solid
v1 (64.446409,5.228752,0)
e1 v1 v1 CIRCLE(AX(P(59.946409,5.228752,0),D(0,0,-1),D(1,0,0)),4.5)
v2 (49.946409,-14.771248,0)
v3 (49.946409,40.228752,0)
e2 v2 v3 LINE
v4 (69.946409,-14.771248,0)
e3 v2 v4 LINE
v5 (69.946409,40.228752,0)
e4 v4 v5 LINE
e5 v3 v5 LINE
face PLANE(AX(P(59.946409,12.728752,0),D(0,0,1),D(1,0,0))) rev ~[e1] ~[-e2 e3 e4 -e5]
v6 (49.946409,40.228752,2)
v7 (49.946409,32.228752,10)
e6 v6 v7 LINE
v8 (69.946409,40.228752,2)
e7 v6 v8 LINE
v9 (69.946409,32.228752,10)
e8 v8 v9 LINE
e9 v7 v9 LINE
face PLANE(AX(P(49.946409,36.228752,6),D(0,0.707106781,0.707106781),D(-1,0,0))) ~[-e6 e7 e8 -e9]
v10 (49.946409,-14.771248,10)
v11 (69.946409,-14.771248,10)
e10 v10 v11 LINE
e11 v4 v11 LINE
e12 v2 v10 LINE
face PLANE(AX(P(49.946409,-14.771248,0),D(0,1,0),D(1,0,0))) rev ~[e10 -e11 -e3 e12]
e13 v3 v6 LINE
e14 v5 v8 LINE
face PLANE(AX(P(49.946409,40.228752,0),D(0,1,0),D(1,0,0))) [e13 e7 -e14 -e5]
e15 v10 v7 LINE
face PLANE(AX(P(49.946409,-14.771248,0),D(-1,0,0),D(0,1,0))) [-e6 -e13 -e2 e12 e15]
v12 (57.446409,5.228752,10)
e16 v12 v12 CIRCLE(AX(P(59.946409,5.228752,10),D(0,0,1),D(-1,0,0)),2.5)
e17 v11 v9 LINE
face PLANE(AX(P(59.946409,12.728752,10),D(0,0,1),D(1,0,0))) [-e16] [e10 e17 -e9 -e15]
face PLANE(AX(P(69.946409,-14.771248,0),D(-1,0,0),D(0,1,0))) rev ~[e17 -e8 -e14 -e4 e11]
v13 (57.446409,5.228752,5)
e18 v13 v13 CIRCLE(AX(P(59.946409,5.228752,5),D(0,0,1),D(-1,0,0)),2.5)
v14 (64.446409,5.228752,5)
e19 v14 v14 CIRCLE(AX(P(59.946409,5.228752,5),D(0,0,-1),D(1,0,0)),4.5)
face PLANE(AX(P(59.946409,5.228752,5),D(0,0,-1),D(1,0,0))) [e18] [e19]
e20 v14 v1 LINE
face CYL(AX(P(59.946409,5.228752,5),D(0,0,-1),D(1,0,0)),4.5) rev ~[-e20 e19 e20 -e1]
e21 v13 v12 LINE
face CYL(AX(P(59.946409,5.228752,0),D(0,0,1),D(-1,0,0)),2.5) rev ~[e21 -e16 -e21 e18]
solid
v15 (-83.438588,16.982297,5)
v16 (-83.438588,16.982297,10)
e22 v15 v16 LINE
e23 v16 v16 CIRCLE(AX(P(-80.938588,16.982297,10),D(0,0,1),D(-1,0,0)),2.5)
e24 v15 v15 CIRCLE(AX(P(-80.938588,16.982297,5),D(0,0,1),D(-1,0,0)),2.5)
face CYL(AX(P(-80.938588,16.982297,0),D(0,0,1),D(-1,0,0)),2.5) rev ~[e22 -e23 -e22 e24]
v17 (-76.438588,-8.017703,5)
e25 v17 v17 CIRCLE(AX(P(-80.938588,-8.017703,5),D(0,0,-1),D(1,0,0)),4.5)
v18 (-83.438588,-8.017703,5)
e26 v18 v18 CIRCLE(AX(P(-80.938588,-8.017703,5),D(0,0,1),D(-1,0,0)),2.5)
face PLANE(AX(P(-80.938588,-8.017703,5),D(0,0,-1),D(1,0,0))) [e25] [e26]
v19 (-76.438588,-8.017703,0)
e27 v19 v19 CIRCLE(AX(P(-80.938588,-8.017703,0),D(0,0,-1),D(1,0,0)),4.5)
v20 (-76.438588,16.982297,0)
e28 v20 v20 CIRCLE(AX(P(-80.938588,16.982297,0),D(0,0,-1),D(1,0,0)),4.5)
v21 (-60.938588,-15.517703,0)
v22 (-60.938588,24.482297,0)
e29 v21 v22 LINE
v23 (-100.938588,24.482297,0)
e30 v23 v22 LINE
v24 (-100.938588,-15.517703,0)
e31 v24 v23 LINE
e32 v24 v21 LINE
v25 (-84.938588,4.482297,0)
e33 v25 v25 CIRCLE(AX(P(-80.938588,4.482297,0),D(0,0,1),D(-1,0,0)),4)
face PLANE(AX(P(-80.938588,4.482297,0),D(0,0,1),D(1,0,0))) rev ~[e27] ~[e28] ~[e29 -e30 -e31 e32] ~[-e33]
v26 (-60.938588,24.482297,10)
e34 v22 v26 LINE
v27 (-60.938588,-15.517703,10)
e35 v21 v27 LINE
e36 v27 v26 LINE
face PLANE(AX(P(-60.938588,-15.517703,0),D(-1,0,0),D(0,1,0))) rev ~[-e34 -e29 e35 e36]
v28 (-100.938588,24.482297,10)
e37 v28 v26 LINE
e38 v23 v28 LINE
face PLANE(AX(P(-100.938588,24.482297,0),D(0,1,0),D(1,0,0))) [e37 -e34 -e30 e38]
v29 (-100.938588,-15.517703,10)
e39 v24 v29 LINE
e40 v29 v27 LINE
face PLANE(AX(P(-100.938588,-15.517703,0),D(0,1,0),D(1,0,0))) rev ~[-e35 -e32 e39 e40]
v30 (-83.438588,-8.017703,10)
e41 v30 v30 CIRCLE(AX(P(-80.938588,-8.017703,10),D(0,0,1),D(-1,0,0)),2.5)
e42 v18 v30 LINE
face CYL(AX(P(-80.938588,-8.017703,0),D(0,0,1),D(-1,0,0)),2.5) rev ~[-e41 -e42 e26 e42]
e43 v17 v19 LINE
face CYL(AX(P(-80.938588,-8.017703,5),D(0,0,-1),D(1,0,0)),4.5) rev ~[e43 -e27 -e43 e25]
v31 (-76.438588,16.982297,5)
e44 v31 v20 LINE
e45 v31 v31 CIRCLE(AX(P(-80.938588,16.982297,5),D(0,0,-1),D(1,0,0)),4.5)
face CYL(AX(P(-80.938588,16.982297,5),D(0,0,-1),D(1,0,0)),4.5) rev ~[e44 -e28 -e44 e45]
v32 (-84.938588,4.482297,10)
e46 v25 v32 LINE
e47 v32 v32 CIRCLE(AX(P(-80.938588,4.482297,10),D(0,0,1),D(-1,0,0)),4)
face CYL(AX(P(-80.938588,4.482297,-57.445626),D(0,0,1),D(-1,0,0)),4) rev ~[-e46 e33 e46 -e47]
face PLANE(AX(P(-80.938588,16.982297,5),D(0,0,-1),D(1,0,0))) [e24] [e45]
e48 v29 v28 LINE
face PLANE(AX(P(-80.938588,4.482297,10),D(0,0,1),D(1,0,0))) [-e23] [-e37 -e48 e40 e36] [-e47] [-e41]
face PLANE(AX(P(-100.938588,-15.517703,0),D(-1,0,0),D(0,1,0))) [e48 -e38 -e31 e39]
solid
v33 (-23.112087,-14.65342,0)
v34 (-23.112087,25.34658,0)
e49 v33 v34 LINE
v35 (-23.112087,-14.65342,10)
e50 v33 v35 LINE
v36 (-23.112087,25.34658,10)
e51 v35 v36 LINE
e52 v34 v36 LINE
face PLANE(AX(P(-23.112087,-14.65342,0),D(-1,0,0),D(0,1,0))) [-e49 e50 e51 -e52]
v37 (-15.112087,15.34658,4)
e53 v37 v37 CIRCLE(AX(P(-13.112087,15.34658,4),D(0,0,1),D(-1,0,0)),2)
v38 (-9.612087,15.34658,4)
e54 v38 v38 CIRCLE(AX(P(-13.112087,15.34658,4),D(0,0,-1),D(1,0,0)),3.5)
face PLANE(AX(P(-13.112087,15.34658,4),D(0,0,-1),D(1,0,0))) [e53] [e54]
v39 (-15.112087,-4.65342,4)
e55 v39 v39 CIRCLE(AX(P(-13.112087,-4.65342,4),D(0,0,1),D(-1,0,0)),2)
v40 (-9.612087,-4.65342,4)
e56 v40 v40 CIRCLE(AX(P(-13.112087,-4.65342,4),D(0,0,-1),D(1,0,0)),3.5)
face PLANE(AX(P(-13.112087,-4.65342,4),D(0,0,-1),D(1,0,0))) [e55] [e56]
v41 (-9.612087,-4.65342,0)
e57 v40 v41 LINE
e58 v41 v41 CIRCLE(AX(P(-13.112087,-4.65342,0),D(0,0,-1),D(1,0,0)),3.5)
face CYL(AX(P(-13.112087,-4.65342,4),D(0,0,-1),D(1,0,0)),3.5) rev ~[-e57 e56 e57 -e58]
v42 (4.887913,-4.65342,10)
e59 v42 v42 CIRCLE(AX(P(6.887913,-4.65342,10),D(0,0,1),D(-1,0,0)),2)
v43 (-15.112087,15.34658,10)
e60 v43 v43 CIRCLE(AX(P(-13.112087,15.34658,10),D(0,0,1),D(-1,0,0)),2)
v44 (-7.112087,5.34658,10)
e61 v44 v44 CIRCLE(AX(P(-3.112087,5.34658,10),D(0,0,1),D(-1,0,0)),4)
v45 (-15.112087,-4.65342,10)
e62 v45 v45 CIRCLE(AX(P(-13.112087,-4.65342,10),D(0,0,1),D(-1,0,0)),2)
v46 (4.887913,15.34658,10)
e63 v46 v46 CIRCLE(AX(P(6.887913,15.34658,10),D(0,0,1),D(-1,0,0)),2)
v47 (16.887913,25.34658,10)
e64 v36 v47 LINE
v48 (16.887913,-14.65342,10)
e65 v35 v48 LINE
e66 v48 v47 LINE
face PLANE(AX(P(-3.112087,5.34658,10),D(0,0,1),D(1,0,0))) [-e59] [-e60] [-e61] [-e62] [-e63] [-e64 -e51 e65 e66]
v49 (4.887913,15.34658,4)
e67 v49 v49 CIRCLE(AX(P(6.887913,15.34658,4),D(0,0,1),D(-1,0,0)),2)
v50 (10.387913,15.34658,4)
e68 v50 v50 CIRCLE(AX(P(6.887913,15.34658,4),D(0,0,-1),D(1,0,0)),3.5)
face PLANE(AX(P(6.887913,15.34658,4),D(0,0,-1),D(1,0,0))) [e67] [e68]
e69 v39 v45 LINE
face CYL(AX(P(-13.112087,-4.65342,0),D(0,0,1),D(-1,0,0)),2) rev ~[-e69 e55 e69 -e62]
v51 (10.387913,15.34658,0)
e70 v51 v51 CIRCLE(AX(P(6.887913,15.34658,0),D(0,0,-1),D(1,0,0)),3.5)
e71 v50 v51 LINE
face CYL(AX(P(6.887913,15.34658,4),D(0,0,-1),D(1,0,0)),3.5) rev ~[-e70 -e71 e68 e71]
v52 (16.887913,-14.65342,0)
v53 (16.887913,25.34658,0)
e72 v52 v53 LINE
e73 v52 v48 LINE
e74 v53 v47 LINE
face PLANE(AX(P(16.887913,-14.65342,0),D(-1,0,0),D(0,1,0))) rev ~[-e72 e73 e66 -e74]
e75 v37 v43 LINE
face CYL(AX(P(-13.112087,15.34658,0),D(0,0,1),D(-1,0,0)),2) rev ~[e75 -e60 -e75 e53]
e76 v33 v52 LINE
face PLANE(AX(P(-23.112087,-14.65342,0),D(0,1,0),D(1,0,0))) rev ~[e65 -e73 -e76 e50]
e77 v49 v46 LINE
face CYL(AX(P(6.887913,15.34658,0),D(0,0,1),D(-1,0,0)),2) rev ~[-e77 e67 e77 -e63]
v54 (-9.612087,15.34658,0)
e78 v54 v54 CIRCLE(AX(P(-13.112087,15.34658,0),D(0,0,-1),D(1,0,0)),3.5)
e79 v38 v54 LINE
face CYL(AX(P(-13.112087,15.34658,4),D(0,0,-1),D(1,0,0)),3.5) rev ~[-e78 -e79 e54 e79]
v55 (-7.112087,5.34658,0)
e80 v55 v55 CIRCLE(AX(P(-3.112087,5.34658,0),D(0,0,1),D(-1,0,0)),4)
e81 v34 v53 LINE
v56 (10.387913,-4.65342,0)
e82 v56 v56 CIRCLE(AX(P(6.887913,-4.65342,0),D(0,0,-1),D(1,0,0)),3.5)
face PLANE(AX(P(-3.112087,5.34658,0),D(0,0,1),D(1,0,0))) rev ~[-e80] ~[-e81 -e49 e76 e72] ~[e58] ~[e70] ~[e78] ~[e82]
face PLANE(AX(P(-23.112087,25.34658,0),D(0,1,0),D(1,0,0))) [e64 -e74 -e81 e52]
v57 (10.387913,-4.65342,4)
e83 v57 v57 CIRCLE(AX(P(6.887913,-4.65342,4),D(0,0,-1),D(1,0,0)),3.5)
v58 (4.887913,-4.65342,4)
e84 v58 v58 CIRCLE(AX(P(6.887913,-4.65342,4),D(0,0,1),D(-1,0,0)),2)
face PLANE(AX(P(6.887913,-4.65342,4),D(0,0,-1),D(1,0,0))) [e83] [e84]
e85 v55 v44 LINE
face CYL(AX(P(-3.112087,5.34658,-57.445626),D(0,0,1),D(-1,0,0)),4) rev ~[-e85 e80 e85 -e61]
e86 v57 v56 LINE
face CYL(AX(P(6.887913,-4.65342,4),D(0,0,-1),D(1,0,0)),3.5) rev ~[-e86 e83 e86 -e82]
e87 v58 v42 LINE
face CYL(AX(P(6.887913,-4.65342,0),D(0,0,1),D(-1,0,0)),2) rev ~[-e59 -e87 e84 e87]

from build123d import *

# Parameters (mm, degrees)
F0_W             = 40
F0_H             = 40
F1_DEPTH         = 10
F0_W_2           = 20
F0_H_2           = 55
F2_D             = 8
F2_2_D           = 8
F3_D             = 4
F3_CBORE_D       = 7
F3_CBORE_DEPTH   = 4
F4_D             = 5
F4_CBORE_D       = 9
F4_CBORE_DEPTH   = 5
F4_2_D           = 5
F4_2_CBORE_D     = 9
F4_2_CBORE_DEPTH = 5
F5_SIZE          = 8


with BuildPart() as f1:
    # F0 (on Top) → F1 (new body)
    with BuildSketch(Plane.XY):
        with Locations((-80.9385883808, 4.4822967425)):
            Rectangle(F0_W, F0_H)
    extrude(amount=F1_DEPTH)

    # F2 (through all)
    with Locations(Plane(origin=(0, 0, 0), x_dir=(1, 0, 0), z_dir=(0, 0, -1))):
        with Locations((-3.1120874919, -5.346580064), (-80.9385883808, -4.4822967425)):
            Hole(F2_D / 2)

    # F4 (through all)
    with Locations(Plane(origin=(0, 0, 0), x_dir=(1, 0, 0), z_dir=(0, 0, -1))):
        with Locations((59.9464087188, -5.2287517861), (-80.9385883808, -16.9822967425), (-80.9385883808, 8.0177032575)):
            CounterBoreHole(F4_D / 2, F4_CBORE_D / 2, F4_CBORE_DEPTH)


with BuildPart() as f1b:
    # F0 (on Top) → F1, piece 2 (new body)
    with BuildSketch(Plane.XY):
        with Locations((-3.1120874919, 5.346580064)):
            Rectangle(F0_W, F0_H)
    extrude(amount=F1_DEPTH)

    # F2#2 (through all)
    with Locations(Plane(origin=(0, 0, 0), x_dir=(1, 0, 0), z_dir=(0, 0, -1))):
        with Locations((-3.1120874919, -5.346580064), (-80.9385883808, -4.4822967425)):
            Hole(F2_2_D / 2)

    # F3 (through all)
    with Locations(Plane(origin=(0, 0, 0), x_dir=(1, 0, 0), z_dir=(0, 0, -1))):
        with Locations((6.8879125081, -15.346580064), (-13.1120874919, -15.346580064), (-13.1120874919, 4.653419936), (6.8879125081, 4.653419936)):
            CounterBoreHole(F3_D / 2, F3_CBORE_D / 2, F3_CBORE_DEPTH)


with BuildPart() as f1c:
    # F0 (on Top) → F1, piece 3 (new body)
    with BuildSketch(Plane.XY):
        with Locations((59.9464087188, 12.7287517861)):
            Rectangle(F0_W_2, F0_H_2)
    extrude(amount=F1_DEPTH)

    # F4#2 (through all)
    with Locations(Plane(origin=(0, 0, 0), x_dir=(1, 0, 0), z_dir=(0, 0, -1))):
        with Locations((59.9464087188, -5.2287517861), (-80.9385883808, -16.9822967425), (-80.9385883808, 8.0177032575)):
            CounterBoreHole(F4_2_D / 2, F4_2_CBORE_D / 2, F4_2_CBORE_DEPTH)

    # F5
    f5_edges = [f1c.edges().sort_by_distance(p)[0] for p in [
        (59.946409, 40.228752, 10),
    ]]
    chamfer(f5_edges, length=F5_SIZE)


solid = Compound([f1.part, f1b.part, f1c.part])
